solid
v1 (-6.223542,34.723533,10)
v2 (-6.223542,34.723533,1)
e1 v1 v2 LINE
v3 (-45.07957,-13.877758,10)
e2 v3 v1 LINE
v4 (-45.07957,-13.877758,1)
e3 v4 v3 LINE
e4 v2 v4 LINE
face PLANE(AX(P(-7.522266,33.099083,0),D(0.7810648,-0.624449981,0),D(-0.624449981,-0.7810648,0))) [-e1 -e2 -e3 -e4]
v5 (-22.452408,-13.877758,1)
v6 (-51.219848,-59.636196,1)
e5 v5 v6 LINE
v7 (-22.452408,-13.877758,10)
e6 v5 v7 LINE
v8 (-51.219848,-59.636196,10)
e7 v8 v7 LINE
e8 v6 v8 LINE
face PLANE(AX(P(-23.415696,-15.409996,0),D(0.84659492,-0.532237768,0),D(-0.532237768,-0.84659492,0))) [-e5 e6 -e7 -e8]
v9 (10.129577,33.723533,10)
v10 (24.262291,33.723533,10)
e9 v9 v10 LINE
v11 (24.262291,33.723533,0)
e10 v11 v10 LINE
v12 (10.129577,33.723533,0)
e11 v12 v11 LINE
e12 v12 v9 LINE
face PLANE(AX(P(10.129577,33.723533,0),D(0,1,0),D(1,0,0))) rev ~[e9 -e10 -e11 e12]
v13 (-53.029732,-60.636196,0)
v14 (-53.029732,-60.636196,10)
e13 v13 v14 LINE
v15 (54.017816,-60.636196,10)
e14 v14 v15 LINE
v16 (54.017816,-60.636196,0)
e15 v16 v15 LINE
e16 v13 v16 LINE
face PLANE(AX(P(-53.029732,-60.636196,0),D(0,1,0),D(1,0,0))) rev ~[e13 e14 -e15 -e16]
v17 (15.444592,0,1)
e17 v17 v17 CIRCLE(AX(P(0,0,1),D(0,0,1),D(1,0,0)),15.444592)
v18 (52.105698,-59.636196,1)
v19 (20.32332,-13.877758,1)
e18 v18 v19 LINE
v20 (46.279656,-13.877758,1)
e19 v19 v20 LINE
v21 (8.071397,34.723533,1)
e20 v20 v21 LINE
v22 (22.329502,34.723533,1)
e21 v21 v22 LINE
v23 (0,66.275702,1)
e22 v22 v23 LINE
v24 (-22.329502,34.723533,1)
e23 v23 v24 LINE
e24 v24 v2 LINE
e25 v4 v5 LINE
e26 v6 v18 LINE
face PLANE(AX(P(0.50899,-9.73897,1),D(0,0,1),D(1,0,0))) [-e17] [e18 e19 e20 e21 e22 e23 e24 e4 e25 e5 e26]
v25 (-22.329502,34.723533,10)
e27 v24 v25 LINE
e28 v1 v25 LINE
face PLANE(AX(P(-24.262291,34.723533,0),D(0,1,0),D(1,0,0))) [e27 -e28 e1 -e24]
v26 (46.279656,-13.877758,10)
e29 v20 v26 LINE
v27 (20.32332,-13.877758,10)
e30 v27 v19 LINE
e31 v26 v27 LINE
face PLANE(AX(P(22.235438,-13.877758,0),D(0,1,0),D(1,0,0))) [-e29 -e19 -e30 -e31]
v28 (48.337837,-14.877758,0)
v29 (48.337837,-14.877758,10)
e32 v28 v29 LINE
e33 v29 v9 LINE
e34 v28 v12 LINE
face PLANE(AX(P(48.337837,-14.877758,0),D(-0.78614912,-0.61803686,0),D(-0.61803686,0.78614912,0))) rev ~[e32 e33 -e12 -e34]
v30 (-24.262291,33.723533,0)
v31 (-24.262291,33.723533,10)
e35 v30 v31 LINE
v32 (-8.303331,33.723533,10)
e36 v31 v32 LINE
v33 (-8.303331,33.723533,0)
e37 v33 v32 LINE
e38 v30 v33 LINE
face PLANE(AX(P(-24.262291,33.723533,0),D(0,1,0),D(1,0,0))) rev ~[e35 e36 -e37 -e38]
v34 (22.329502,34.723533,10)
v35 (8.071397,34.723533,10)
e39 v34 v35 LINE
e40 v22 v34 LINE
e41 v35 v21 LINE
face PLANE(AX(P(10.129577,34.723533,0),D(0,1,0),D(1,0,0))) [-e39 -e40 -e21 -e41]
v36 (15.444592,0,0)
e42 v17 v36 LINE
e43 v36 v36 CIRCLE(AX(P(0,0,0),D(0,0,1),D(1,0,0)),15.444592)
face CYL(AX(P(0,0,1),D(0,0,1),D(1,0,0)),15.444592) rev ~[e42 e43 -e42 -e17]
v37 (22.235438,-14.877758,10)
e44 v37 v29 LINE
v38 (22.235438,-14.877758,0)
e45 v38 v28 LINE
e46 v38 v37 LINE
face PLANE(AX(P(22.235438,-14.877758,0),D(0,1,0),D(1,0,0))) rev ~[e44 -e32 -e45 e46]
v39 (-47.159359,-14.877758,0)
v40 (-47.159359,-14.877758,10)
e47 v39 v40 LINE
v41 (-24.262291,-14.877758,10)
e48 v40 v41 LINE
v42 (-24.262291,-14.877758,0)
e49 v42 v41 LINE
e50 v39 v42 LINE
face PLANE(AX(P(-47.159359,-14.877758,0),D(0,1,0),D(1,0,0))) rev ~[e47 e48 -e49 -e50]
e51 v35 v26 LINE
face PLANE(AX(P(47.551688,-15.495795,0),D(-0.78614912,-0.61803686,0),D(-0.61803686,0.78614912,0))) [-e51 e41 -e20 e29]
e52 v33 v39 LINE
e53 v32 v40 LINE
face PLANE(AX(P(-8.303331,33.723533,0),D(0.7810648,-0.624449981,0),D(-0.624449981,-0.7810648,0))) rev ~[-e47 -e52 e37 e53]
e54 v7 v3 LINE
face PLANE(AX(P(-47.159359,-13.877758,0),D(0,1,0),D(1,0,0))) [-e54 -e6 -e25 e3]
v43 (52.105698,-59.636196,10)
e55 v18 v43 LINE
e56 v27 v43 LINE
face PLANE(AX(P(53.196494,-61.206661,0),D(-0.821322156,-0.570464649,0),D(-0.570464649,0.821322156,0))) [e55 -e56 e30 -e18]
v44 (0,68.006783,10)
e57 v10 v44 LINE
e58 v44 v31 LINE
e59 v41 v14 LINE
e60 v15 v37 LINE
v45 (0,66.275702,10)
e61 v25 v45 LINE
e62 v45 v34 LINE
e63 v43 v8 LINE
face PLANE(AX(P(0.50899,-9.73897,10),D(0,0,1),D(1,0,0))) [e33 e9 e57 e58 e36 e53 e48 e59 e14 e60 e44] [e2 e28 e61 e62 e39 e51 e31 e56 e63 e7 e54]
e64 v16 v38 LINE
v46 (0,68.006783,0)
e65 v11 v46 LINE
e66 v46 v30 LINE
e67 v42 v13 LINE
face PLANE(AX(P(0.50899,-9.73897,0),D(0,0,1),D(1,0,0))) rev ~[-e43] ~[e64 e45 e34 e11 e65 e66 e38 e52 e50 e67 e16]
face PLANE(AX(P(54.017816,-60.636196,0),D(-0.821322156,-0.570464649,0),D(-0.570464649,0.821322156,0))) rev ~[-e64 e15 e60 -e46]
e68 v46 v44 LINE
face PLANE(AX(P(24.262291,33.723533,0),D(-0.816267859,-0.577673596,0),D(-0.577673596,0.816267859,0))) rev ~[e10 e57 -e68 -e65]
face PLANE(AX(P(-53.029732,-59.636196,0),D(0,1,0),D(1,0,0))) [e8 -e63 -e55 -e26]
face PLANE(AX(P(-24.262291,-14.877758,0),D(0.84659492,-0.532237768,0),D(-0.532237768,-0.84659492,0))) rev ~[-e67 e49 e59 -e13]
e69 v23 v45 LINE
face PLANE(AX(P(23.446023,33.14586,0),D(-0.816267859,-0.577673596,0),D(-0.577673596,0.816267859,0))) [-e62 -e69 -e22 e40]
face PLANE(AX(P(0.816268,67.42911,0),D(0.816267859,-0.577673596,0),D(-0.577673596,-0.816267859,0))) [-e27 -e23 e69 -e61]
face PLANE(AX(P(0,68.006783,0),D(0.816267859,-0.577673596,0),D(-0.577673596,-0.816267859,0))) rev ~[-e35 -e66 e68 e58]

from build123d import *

# Parameters (mm, degrees)
F1_DEPTH = 10
F2_T     = -1
F3_R     = 15.4445915984
F4_DEPTH = 25


with BuildPart() as f1:
    # F0 (on Top) → F1 (new body)
    with BuildSketch(Plane.XY):
        Polygon((-24.2622910139, -14.8777581411), (-53.029731502, -60.6361962855), (54.0178157389, -60.6361962855), (22.2354376062, -14.8777581411), (48.3378368161, -14.8777581411), (10.1295774803, 33.7235331535), (24.2622910139, 33.7235331535), (0, 68.0067832147), (-24.2622910139, 33.7235331535), (-8.3033312269, 33.7235331535), (-47.1593588355, -14.8777581411), align=None)
    extrude(amount=F1_DEPTH)

    # F2
    f2_openings = [f1.faces().sort_by_distance(p)[0] for p in [
        (0.198833, -13.317224, 10),
    ]]
    offset(amount=F2_T, openings=f2_openings, kind=Kind.INTERSECTION)

    # F3 (on face) → F4 (cut)
    with BuildSketch(Plane.XY.offset(1)):
        Circle(F3_R)
    extrude(amount=-F4_DEPTH, mode=Mode.SUBTRACT)


solid = f1.part
